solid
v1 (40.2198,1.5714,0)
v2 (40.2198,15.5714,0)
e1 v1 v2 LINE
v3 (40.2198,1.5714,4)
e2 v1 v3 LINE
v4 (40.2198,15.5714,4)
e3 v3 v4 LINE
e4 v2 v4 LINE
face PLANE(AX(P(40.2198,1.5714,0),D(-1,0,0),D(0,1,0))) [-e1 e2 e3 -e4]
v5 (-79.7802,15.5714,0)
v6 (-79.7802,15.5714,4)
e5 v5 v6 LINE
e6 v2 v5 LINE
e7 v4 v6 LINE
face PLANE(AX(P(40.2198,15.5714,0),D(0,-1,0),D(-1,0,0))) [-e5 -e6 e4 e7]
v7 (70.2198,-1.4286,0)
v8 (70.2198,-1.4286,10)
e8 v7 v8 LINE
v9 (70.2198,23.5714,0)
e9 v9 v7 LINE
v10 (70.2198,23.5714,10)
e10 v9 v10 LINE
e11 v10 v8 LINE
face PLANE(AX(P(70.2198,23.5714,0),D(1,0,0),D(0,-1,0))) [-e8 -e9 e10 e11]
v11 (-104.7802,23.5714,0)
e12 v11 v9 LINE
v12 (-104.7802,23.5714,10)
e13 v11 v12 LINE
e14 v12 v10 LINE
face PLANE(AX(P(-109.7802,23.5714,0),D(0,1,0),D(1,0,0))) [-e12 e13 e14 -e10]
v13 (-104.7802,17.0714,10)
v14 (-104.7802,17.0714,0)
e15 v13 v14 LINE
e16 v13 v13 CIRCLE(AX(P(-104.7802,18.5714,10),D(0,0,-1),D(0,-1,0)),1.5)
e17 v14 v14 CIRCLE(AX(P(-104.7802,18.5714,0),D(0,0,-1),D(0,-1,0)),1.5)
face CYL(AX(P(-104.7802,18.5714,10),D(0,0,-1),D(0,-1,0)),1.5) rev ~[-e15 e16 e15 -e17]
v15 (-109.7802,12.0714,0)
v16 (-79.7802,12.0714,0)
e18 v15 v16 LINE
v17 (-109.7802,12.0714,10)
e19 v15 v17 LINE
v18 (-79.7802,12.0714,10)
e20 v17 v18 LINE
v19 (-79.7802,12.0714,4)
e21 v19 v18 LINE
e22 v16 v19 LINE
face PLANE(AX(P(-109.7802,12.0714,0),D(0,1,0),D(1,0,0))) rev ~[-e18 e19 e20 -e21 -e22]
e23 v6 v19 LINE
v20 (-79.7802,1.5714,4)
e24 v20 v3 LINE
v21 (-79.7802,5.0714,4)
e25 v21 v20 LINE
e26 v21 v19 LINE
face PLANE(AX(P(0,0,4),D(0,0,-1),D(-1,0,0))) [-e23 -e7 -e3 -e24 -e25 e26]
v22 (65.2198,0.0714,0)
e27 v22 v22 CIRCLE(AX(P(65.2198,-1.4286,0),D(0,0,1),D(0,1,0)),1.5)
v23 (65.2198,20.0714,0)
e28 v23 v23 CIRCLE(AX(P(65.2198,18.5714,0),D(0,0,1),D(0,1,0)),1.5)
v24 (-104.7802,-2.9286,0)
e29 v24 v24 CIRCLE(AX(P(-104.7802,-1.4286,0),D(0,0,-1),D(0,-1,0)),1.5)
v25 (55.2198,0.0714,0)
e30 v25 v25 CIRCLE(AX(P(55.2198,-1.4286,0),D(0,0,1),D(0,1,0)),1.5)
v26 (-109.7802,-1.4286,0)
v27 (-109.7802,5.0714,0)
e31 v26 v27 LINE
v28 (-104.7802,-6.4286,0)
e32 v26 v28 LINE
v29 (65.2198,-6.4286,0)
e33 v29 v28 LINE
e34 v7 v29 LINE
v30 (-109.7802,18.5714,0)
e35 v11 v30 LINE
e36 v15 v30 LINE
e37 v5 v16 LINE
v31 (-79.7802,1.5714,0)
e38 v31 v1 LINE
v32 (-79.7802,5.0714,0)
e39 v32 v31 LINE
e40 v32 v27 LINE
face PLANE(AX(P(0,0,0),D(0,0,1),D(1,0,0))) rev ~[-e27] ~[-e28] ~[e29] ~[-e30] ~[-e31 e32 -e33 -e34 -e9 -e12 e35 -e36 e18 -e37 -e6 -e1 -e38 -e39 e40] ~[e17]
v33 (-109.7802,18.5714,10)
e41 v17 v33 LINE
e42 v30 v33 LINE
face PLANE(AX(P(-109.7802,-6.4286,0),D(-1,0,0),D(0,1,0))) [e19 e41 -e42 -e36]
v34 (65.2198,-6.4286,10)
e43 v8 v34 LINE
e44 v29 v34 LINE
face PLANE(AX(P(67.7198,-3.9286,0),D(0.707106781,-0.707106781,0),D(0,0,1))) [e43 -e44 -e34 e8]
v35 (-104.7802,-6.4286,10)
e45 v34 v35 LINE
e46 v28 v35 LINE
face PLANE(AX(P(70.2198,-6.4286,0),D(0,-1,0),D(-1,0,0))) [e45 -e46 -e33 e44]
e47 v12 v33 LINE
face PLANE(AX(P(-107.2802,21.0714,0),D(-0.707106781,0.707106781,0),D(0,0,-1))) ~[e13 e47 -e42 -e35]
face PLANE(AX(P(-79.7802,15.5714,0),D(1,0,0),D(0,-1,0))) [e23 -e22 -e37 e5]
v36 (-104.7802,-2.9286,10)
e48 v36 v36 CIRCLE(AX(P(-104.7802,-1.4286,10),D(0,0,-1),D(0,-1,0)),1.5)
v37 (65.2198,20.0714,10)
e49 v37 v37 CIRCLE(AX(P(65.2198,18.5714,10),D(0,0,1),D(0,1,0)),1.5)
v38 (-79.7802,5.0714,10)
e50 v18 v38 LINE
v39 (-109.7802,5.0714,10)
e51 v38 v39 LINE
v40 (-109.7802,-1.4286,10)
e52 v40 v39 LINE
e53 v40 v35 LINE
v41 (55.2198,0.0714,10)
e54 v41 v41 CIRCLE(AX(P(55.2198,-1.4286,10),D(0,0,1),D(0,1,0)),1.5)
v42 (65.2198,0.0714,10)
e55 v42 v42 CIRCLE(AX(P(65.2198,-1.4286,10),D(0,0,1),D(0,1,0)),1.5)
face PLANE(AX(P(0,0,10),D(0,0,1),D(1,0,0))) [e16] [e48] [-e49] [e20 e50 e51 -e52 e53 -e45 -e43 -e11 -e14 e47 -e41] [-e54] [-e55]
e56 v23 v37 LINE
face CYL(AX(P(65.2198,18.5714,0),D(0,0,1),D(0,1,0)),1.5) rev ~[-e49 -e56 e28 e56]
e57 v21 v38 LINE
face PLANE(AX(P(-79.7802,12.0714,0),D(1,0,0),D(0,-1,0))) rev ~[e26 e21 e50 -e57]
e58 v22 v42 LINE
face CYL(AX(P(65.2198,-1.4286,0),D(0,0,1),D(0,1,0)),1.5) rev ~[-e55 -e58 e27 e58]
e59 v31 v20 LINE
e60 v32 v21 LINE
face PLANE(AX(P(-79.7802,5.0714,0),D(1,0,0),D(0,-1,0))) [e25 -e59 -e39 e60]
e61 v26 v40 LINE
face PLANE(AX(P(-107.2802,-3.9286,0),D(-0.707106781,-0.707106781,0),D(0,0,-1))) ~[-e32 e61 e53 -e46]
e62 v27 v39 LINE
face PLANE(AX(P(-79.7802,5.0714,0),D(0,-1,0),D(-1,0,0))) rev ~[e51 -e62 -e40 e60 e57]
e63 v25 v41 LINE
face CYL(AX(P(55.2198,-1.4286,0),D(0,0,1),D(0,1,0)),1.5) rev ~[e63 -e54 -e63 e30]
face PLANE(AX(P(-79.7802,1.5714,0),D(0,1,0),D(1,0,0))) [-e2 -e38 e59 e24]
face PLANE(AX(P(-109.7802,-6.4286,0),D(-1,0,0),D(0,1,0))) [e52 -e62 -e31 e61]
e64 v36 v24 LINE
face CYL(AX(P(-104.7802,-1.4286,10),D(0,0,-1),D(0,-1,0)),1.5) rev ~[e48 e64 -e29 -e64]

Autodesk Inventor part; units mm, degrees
ref_plane "YZ Plane" through (0, 0, 0) normal (1, 0, 0) x (0, 1, 0)
ref_plane "XZ Plane" through (0, 0, 0) normal (0, 1, 0) x (-1, 0, 0)
ref_plane "XY Plane" through (0, 0, 0) normal (0, 0, 1) x (1, 0, 0)
sketch "Sketch1" plane through (0, 0, 0) normal (0, 0, 1) x (1, 0, 0)
  line L0 (-109.7802, 23.5714) -> (70.2198, 23.5714)
  line L1 (70.2198, 23.5714) -> (70.2198, -6.4286)
  line L2 (70.2198, -6.4286) -> (-109.7802, -6.4286)
  line L3 (-109.7802, -6.4286) -> (-109.7802, 23.5714)
  point P0 (0, 0)
  dimension "d0" = 180
  dimension "d1" = 30
extrude "Extrusion1" add sketch "Sketch1" along normal blind 10
sketch "Sketch2" plane through (0, 0, 10) normal (0, 0, 1) x (1, 0, 0)
  line L0 (-109.7802, 23.5714) -> (-109.7802, -6.4286) projected
  line L1 (-109.7802, -6.4286) -> (70.2198, -6.4286) projected
  line L2 (70.2198, 23.5714) -> (-109.7802, 23.5714) projected
  point P0 (0, 0)
  point P1 (-104.7802, 18.5714)
  point P2 (-104.7802, -1.4286)
  dimension "d4" = 5
  dimension "d5" = 5
  dimension "d6" = 5
  dimension "d7" = 5
hole "Hole1" at (-104.7802, 18.5714, 10) at (-104.7802, -1.4286, 10) direction (0, 0, -1) diameter 3 depth 10 tip angle 118
chamfer "Chamfer1" distance 5 angle 45 2 edges at (-109.7802, 23.5714, 5) (-109.7802, -6.4286, 5)
sketch "Sketch3" plane through (0, 0, 0) normal (0, 0, -1) x (-1, 0, 0)
  line L0 (109.7802, 18.5714) -> (109.7802, -1.4286) projected
  line L1 (109.7802, 12.0714) -> (79.7802, 12.0714)
  line L2 (79.7802, 12.0714) -> (79.7802, 5.0714)
  line L3 (79.7802, 5.0714) -> (109.7802, 5.0714)
  line L4 (109.7802, 5.0714) -> (109.7802, 12.0714)
  circle A0 centre (104.7802, 18.5714) radius 1.5 projected
  circle A1 centre (104.7802, -1.4286) radius 1.5 projected
  point P0 (0, 0)
  dimension "d18" = 5
  dimension "d19" = 5
  dimension "d20" = 30
extrude "Extrusion2" cut sketch "Sketch3" against normal blind 10 contours L0 L3 L2 L1
sketch "Sketch4" plane through (0, 0, 0) normal (0, 0, -1) x (-1, 0, 0)
  line L0 (-40.2198, 15.5714) -> (79.7802, 15.5714)
  line L1 (79.7802, 15.5714) -> (79.7802, 1.5714)
  line L2 (79.7802, 1.5714) -> (-40.2198, 1.5714)
  line L3 (-40.2198, 1.5714) -> (-40.2198, 15.5714)
  line L4 (-70.2198, 23.5714) -> (104.7802, 23.5714) projected
  line L5 (-70.2198, -6.4286) -> (104.7802, -6.4286) projected
  line L6 (79.7802, 5.0714) -> (79.7802, 12.0714) projected
  line L7 (-70.2198, 23.5714) -> (-70.2198, -6.4286) projected
  point P0 (0, 0)
  dimension "d23" = 8
  dimension "d24" = 8
  dimension "d25" = 30
extrude "Extrusion3" cut sketch "Sketch4" against normal blind 4
sketch "Sketch5" plane through (0, 0, 0) normal (0, 0, -1) x (-1, 0, 0)
  line L0 (104.7802, 23.5714) -> (-70.2198, 23.5714) projected
  line L1 (-70.2198, -6.4286) -> (104.7802, -6.4286) projected
  line L2 (-70.2198, 23.5714) -> (-70.2198, -6.4286) projected
  point P0 (0, 0)
  point P1 (-65.2198, 18.5714)
  point P2 (-65.2198, -1.4286)
  point P3 (-55.2198, -1.4286)
  dimension "d28" = 5
  dimension "d29" = 5
  dimension "d30" = 5
  dimension "d31" = 5
  dimension "d32" = 5
  dimension "d33" = 10
hole "Hole2" at (65.2198, 18.5714, 0) at (65.2198, -1.4286, 0) at (55.2198, -1.4286, 0) direction (0, 0, 1) diameter 3 depth 10 tip angle 118
chamfer "Chamfer2" distance 5 angle 45 1 edges at (70.2198, -6.4286, 5)
properties part number "Connection Bar"
